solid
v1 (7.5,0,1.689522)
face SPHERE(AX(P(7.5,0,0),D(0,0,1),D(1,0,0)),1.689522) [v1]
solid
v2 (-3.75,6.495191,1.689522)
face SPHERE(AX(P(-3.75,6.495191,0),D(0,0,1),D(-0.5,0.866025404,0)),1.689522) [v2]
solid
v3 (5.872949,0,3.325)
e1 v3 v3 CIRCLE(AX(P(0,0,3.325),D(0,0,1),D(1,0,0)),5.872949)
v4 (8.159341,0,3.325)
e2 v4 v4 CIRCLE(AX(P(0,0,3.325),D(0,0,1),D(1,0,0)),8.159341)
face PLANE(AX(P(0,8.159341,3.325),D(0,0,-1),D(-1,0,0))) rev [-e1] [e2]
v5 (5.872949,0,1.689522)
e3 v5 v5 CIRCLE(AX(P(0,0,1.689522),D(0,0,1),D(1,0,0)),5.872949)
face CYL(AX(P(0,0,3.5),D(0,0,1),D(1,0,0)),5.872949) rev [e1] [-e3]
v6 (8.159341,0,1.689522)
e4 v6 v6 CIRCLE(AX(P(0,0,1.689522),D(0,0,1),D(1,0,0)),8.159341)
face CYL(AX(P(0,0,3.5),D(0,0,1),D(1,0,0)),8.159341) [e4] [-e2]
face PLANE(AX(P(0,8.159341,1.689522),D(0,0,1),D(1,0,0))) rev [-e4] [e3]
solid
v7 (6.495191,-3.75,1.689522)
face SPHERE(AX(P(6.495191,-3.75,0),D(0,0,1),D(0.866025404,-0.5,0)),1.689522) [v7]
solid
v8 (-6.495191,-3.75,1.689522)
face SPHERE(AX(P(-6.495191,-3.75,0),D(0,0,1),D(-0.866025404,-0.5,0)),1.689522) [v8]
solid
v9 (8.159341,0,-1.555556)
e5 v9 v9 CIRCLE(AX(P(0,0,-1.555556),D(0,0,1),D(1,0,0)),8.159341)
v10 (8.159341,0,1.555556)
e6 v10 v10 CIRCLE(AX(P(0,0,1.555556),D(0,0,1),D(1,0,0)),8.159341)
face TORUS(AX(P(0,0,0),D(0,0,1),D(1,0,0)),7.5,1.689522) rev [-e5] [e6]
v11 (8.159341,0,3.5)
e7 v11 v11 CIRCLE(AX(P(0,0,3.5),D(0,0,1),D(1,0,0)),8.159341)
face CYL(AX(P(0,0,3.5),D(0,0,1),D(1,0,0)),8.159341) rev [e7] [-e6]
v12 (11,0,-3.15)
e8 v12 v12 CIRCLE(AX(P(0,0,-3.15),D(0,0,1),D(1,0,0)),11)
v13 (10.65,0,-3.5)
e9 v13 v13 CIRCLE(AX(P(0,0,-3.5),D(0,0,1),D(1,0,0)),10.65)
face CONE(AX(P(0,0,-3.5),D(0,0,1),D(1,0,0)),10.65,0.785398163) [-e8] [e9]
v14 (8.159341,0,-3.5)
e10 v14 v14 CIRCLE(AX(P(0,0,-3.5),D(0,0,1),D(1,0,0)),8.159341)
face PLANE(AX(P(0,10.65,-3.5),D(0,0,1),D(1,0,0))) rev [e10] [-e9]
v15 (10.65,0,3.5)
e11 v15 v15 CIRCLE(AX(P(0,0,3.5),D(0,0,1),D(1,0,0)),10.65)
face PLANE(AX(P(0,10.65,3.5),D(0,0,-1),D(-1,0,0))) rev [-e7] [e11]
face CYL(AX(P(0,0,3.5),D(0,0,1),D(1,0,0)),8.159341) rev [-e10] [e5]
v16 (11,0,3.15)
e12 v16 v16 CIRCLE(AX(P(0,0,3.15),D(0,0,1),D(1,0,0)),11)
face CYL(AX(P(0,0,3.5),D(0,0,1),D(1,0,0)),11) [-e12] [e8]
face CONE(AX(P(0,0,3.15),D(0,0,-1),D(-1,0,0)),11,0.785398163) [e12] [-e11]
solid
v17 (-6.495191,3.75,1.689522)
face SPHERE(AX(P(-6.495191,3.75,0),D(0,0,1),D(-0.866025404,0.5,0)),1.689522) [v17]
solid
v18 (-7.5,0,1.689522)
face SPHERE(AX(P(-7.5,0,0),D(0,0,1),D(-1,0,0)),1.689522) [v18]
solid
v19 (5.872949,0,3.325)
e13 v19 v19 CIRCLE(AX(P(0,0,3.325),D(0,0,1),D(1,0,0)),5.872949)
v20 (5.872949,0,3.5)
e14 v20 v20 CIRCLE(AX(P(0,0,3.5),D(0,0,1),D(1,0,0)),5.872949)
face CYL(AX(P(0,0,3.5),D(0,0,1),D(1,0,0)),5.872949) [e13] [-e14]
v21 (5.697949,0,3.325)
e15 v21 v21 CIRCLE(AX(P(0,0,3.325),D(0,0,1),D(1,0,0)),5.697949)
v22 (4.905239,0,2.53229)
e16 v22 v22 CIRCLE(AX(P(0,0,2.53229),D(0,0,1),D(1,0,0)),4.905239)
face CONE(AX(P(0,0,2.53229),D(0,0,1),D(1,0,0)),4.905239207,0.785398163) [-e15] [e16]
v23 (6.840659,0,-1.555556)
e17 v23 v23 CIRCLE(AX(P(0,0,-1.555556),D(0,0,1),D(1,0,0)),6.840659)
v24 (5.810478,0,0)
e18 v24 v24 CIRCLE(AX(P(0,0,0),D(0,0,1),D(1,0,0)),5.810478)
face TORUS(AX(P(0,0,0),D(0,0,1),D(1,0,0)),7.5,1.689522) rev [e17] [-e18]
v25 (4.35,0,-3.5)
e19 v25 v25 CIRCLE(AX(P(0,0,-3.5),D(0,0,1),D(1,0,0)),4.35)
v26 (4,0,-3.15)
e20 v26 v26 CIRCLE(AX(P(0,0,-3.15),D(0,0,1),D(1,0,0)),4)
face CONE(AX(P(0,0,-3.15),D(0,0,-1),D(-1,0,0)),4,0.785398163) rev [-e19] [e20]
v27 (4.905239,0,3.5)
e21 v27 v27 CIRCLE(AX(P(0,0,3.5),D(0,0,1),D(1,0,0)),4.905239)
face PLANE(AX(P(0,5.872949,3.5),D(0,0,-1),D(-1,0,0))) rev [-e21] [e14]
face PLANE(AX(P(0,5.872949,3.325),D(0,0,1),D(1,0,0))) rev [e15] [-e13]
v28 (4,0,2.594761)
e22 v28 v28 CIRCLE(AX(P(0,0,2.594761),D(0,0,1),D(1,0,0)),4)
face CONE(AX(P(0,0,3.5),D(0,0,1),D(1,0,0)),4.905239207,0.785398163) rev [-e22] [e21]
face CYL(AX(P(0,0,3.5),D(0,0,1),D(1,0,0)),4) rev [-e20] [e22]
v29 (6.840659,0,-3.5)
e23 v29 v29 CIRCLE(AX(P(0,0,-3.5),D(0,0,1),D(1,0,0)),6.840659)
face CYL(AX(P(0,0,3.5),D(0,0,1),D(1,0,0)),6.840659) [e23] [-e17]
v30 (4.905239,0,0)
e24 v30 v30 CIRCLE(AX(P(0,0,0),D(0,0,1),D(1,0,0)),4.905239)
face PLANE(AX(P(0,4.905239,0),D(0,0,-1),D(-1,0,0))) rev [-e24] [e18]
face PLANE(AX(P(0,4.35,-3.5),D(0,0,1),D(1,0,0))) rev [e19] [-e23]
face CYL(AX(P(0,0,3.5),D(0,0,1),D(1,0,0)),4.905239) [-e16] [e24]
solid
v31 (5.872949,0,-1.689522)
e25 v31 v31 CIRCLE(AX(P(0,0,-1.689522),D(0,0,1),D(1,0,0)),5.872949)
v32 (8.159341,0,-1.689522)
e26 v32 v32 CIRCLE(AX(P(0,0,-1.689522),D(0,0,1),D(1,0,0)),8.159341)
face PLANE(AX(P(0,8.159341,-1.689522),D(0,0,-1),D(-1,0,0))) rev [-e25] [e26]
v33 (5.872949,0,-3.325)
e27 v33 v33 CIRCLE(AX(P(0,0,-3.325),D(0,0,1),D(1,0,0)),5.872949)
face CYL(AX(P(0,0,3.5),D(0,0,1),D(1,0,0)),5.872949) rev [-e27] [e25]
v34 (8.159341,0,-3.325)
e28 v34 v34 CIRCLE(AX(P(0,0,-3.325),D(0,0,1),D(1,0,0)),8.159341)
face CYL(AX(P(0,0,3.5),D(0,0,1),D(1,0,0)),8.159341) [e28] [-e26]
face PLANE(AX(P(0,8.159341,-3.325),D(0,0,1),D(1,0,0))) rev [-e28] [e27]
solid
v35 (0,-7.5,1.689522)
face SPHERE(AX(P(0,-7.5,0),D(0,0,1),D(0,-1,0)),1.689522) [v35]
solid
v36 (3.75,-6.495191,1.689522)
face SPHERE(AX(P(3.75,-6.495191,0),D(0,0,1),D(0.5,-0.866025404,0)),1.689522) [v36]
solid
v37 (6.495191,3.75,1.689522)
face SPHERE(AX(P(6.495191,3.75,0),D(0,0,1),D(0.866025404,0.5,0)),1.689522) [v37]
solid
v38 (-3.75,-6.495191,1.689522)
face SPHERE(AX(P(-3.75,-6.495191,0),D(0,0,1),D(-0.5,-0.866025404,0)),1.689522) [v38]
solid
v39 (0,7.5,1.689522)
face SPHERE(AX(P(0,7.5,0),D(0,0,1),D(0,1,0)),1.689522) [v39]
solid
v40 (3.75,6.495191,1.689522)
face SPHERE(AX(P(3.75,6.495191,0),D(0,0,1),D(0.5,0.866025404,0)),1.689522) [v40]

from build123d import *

# Parameters (mm, degrees)
CIRPATTERN1_COUNT = 12
SKETCH5_W         = 1.635478413
SKETCH5_H         = 2.286391385


with BuildPart() as part:
    # Sketch1 → Revolve1 (revolve)
    with BuildSketch(Plane(origin=(0, 0, 0), x_dir=(0, 0, -1), z_dir=(1, 0, 0))):
        with BuildLine():
            Line((3.15, 11), (-3.15, 11))
            Line((-3.15, 11), (-3.5, 10.65))
            Line((-3.5, 10.65), (-3.5, 8.159340659))
            Line((-3.5, 8.159340659), (-1.555555556, 8.159340659))
            ThreePointArc((-1.555555556, 8.159340659), (0, 9.189521587), (1.555555556, 8.159340659))
            Line((1.555555556, 8.159340659), (3.5, 8.159340659))
            Line((3.5, 8.159340659), (3.5, 10.65))
            Line((3.5, 10.65), (3.15, 11))
        make_face()
    revolve(axis=Axis((0, 0, 3.5), (0, 0, -1)))


with BuildPart() as body_2:
    # Sketch3 → Revolve3 (revolve)
    with BuildSketch(Plane(origin=(0, 0, 0), x_dir=(0, 0, -1), z_dir=(1, 0, 0))):
        with BuildLine():
            Line((-3.325, 5.697949274), (-2.532289933, 4.905239207))
            Line((-2.532289933, 4.905239207), (0, 4.905239207))
            Line((0, 4.905239207), (0, 5.810478413))
            ThreePointArc((0, 5.810478413), (0.932875371, 6.091374168), (1.555555556, 6.840659341))
            Line((1.555555556, 6.840659341), (3.5, 6.840659341))
            Line((3.5, 6.840659341), (3.5, 4.35))
            Line((3.5, 4.35), (3.15, 4))
            Line((3.15, 4), (-2.594760793, 4))
            Line((-2.594760793, 4), (-3.5, 4.905239207))
            Line((-3.5, 4.905239207), (-3.5, 5.872949274))
            Line((-3.5, 5.872949274), (-3.325, 5.872949274))
            Line((-3.325, 5.872949274), (-3.325, 5.697949274))
        make_face()
    revolve(axis=Axis((0, 0, 3.5), (0, 0, -1)))


with BuildPart() as body_3:
    # Sketch4 → Revolve4 (revolve)
    with BuildSketch(Plane(origin=(0, 0, 0), x_dir=(0, 0, -1), z_dir=(1, 0, 0))):
        with BuildLine():
            Line((-1.689521587, 7.5), (1.689521587, 7.5))
            ThreePointArc((1.689521587, 7.5), (0, 9.189521587), (-1.689521587, 7.5))
        make_face()
    revolve(axis=Axis((0, 7.5, 1.689521587), (0, 0, -1)))


with BuildPart() as cirpattern1_1:
    # CirPattern1: pattern copy
    add(body_3.part.rotate(Axis((0, 0, -3.5), (0, 0, 1)), 1 * 360 / CIRPATTERN1_COUNT))


with BuildPart() as cirpattern1_2:
    # CirPattern1: pattern copy
    add(body_3.part.rotate(Axis((0, 0, -3.5), (0, 0, 1)), 2 * 360 / CIRPATTERN1_COUNT))


with BuildPart() as cirpattern1_3:
    # CirPattern1: pattern copy
    add(body_3.part.rotate(Axis((0, 0, -3.5), (0, 0, 1)), 3 * 360 / CIRPATTERN1_COUNT))


with BuildPart() as cirpattern1_4:
    # CirPattern1: pattern copy
    add(body_3.part.rotate(Axis((0, 0, -3.5), (0, 0, 1)), 4 * 360 / CIRPATTERN1_COUNT))


with BuildPart() as cirpattern1_5:
    # CirPattern1: pattern copy
    add(body_3.part.rotate(Axis((0, 0, -3.5), (0, 0, 1)), 5 * 360 / CIRPATTERN1_COUNT))


with BuildPart() as cirpattern1_6:
    # CirPattern1: pattern copy
    add(body_3.part.rotate(Axis((0, 0, -3.5), (0, 0, 1)), 6 * 360 / CIRPATTERN1_COUNT))


with BuildPart() as cirpattern1_7:
    # CirPattern1: pattern copy
    add(body_3.part.rotate(Axis((0, 0, -3.5), (0, 0, 1)), 7 * 360 / CIRPATTERN1_COUNT))


with BuildPart() as cirpattern1_8:
    # CirPattern1: pattern copy
    add(body_3.part.rotate(Axis((0, 0, -3.5), (0, 0, 1)), 8 * 360 / CIRPATTERN1_COUNT))


with BuildPart() as cirpattern1_9:
    # CirPattern1: pattern copy
    add(body_3.part.rotate(Axis((0, 0, -3.5), (0, 0, 1)), 9 * 360 / CIRPATTERN1_COUNT))


with BuildPart() as cirpattern1_10:
    # CirPattern1: pattern copy
    add(body_3.part.rotate(Axis((0, 0, -3.5), (0, 0, 1)), 10 * 360 / CIRPATTERN1_COUNT))


with BuildPart() as cirpattern1_11:
    # CirPattern1: pattern copy
    add(body_3.part.rotate(Axis((0, 0, -3.5), (0, 0, 1)), 11 * 360 / CIRPATTERN1_COUNT))


with BuildPart() as body_15:
    # Sketch5 → Revolve5 (revolve)
    with BuildSketch(Plane(origin=(0, 0, 0), x_dir=(0, 0, -1), z_dir=(1, 0, 0))):
        with Locations((-2.507260794, 7.016144967)):
            Rectangle(SKETCH5_W, SKETCH5_H)
        with Locations((2.507260794, 7.016144967)):
            Rectangle(SKETCH5_W, SKETCH5_H)
    revolve(axis=Axis((0, 0, 3.5), (0, 0, -1)))


solid = Compound([part.part, body_2.part, body_3.part, cirpattern1_1.part, cirpattern1_2.part, cirpattern1_3.part, cirpattern1_4.part, cirpattern1_5.part, cirpattern1_6.part, cirpattern1_7.part, cirpattern1_8.part, cirpattern1_9.part, cirpattern1_10.part, cirpattern1_11.part, body_15.part])
